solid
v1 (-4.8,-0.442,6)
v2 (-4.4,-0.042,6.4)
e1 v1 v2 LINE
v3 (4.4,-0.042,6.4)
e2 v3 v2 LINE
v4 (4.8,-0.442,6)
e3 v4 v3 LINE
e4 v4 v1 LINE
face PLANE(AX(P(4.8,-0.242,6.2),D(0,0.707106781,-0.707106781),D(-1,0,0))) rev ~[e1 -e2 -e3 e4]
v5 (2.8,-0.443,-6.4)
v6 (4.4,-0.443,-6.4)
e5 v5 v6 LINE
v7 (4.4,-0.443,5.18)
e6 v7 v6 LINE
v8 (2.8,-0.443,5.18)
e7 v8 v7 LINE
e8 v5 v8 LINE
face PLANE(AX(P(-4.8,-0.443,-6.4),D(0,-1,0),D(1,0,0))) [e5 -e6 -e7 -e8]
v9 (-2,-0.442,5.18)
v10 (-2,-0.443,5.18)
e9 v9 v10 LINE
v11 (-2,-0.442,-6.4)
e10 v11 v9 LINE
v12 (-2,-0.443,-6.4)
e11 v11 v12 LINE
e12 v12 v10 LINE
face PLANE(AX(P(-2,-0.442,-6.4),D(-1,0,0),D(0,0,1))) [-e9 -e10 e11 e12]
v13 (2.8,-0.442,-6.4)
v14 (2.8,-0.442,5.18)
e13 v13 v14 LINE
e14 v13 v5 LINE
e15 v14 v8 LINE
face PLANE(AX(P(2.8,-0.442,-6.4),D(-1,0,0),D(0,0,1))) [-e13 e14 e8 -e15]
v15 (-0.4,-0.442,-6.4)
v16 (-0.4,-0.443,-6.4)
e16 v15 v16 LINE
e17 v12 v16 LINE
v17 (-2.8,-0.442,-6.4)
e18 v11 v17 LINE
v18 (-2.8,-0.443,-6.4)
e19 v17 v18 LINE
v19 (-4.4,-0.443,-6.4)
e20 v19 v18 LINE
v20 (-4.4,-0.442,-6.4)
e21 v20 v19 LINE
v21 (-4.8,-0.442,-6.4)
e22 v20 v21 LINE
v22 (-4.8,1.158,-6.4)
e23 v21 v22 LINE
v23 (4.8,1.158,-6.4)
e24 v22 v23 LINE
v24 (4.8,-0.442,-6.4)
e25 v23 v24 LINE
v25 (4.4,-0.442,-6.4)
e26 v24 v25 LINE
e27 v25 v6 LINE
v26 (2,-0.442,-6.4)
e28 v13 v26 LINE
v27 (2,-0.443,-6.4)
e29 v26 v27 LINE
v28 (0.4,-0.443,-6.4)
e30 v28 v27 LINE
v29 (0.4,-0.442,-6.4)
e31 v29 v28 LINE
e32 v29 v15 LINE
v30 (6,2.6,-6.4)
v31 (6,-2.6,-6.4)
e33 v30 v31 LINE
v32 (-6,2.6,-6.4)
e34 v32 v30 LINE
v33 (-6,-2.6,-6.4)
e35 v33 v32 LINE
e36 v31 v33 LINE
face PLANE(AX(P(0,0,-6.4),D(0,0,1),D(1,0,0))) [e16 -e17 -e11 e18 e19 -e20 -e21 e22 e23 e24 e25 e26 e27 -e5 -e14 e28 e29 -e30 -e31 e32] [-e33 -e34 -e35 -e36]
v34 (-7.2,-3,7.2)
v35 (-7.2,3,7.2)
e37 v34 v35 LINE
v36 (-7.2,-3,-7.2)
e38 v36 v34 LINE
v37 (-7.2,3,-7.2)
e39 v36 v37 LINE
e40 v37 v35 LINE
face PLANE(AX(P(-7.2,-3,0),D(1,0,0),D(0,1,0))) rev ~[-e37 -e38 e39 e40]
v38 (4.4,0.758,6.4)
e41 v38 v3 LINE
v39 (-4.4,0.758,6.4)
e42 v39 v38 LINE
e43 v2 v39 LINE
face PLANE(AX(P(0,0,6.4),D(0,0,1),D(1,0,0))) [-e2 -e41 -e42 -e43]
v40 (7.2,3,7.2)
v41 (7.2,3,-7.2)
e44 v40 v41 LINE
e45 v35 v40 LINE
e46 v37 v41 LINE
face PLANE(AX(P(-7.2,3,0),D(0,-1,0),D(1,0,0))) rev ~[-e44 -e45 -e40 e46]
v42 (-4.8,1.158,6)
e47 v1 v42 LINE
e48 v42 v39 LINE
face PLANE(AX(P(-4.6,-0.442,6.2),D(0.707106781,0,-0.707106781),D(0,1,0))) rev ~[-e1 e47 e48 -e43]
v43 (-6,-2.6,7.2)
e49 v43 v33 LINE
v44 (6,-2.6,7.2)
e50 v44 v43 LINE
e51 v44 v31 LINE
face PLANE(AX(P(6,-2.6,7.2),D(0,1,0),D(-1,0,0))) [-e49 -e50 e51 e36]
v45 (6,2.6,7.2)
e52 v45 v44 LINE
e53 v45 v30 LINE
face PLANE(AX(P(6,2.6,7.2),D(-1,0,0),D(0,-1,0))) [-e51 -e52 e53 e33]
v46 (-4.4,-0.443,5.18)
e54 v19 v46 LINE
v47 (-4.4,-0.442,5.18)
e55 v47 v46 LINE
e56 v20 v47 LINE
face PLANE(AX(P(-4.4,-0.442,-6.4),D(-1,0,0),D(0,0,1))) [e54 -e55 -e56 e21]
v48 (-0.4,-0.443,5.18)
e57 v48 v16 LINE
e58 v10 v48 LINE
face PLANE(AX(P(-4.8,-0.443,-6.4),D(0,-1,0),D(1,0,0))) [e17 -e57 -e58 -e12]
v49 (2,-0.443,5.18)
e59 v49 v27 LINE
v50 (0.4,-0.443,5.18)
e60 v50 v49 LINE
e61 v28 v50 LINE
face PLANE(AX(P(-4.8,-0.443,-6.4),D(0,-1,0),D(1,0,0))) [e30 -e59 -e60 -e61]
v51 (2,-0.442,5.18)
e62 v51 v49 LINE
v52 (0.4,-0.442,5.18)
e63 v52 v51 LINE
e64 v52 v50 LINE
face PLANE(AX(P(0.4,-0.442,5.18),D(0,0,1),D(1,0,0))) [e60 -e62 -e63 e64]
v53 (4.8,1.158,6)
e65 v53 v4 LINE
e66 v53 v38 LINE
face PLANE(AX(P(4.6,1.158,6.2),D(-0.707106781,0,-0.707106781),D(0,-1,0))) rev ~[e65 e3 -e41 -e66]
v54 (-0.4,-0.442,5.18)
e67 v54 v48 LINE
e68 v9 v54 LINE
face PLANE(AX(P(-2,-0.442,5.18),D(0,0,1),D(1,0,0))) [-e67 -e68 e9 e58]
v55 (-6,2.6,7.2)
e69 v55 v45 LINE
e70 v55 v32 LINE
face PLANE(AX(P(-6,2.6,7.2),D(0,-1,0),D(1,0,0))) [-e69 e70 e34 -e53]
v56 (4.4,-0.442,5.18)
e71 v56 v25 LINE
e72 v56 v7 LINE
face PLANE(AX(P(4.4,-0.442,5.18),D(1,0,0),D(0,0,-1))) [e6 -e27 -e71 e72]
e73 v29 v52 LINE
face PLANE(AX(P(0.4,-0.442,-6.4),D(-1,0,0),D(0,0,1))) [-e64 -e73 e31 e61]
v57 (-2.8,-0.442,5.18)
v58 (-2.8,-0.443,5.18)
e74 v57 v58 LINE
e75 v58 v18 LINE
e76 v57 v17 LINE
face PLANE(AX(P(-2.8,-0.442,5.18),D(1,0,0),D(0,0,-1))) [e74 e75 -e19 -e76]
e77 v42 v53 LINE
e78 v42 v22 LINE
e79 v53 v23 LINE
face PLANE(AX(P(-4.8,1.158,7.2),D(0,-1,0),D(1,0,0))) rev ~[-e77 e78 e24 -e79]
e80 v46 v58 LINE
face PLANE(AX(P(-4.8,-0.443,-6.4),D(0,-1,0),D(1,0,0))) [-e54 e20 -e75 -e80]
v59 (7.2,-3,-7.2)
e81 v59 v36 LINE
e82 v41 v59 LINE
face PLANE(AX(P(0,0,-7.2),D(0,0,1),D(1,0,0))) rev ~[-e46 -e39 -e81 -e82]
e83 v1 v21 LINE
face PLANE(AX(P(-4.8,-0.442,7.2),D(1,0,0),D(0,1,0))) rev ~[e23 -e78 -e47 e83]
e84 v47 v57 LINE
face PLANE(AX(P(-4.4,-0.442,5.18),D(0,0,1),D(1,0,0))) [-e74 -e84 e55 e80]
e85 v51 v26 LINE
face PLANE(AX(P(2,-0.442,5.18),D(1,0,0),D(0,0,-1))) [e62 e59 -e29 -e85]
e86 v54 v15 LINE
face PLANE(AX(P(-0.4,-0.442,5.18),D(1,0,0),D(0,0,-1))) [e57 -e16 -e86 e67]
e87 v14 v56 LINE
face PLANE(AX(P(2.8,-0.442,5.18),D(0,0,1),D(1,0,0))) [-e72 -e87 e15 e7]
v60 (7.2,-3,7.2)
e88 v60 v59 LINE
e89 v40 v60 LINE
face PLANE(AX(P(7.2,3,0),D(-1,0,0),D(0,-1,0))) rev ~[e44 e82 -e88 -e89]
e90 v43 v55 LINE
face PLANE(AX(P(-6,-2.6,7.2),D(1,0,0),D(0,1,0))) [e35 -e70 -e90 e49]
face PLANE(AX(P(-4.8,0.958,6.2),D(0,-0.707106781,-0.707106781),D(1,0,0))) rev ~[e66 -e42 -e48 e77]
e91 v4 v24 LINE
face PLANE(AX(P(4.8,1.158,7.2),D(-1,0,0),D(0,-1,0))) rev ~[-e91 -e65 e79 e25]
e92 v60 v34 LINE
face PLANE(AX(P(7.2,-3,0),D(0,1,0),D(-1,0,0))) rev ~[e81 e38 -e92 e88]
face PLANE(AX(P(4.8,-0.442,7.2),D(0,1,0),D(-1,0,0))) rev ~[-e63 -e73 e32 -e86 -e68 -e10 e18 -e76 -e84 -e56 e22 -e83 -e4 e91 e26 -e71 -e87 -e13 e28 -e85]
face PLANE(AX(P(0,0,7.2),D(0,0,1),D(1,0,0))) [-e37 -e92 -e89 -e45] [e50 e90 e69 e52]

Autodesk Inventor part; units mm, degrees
ref_plane "YZ Plane" through (0, 0, 0) normal (1, 0, 0) x (0, 1, 0)
ref_plane "XZ Plane" through (0, 0, 0) normal (0, 1, 0) x (-1, 0, 0)
ref_plane "XY Plane" through (0, 0, 0) normal (0, 0, 1) x (1, 0, 0)
sketch "Sketch2" plane through (0, 0, 0) normal (0, 0, 1) x (1, 0, 0)
  line L0 (-6, 2.6) -> (6, 2.6)
  line L1 (6, 2.6) -> (6, -2.6)
  line L2 (6, -2.6) -> (-6, -2.6)
  line L3 (-6, -2.6) -> (-6, 2.6)
  line L4 (-7.2, 3) -> (7.2, 3)
  line L5 (7.2, 3) -> (7.2, -3)
  line L6 (7.2, -3) -> (-7.2, -3)
  line L7 (-7.2, -3) -> (-7.2, 3)
  point P0 (0, 0)
  point P1 (0, 2.6)
  point P2 (-6, 0)
  point P3 (-7.2, 0)
  point P4 (0, 3)
  dimension "d0" = 5.2
  dimension "d1" = 12
  dimension "d23" = 6
  dimension "d24" = 14.4
extrude "Extrusion1" add sketch "Sketch2" along normal mid plane 14.4 contours L0 L1 L2 L3 | L4 L5 L6 L7
sketch "Sketch3" plane through (0, 0, 7.2) normal (0, 0, 1) x (1, 0, 0)
  line L0 (-4.8, 1.158) -> (4.8, 1.158)
  line L1 (4.8, 1.158) -> (4.8, -0.442)
  line L2 (4.8, -0.442) -> (-4.8, -0.442)
  line L3 (-4.8, -0.442) -> (-4.8, 1.158)
  line L4 (-6, 2.6) -> (6, 2.6) projected
  line L5 (-6, -2.6) -> (-6, 2.6) projected
  line L6 (6, -2.6) -> (-6, -2.6) projected
  line L7 (6, 2.6) -> (6, -2.6) projected
  point P0 (0, 0)
  point P1 (0, -0.442)
  dimension "d4" = 1.6
  dimension "d5" = 9.6
  dimension "d25" = 0.442
extrude "Extrusion2" cut sketch "Sketch3" against normal blind 13.6
extrude "Extrusion3" cut sketch "Sketch3" against normal blind 0.8 contours L0 L1 L2 L3
chamfer "Chamfer1" distance 0.4 angle 45 4 edges at (-4.8, 0.358, 6.4) (0, 1.158, 6.4) (0, -0.442, 6.4) (4.8, 0.358, 6.4)
sketch "Sketch4" plane through (-4.8, -0.442, -6.4) normal (0, -1, 0) x (1, 0, 0)
  line L0 (0, 0) -> (9.6, 0) projected
  line L1 (0.4, 11.58) -> (2, 11.58)
  line L2 (2, 11.58) -> (2, 0)
  line L3 (2, 0) -> (0.4, 0)
  line L4 (0.4, 0) -> (0.4, 11.58)
  line L5 (2.8, 11.58) -> (4.4, 11.58)
  line L6 (4.4, 11.58) -> (4.4, 0)
  line L7 (4.4, 0) -> (2.8, 0)
  line L8 (2.8, 0) -> (2.8, 11.58)
  line L9 (5.2, 11.58) -> (6.8, 11.58)
  line L10 (6.8, 11.58) -> (6.8, 0)
  line L11 (6.8, 0) -> (5.2, 0)
  line L12 (5.2, 0) -> (5.2, 11.58)
  line L13 (7.6, 11.58) -> (9.2, 11.58)
  line L14 (9.2, 11.58) -> (9.2, 0)
  line L15 (9.2, 0) -> (7.6, 0)
  line L16 (7.6, 0) -> (7.6, 11.58)
  line L17 (2, 11.58) -> (2.8, 11.58) construction
  line L18 (4.4, 11.58) -> (5.2, 11.58) construction
  line L19 (6.8, 11.58) -> (7.6, 11.58) construction
  point P0 (4.8, 6.4)
  point P1 (4.8, 11.58)
  dimension "d18" = 11.58
  dimension "d19" = 1.6
  dimension "d20" = 0.8
extrude "Extrusion4" add sketch "Sketch4" along normal blind 0.001
equation "\"d4\" = wall"
equation "\"wall\" = 1.6"
properties part number "11032-Black" material "ABS Plastic"
